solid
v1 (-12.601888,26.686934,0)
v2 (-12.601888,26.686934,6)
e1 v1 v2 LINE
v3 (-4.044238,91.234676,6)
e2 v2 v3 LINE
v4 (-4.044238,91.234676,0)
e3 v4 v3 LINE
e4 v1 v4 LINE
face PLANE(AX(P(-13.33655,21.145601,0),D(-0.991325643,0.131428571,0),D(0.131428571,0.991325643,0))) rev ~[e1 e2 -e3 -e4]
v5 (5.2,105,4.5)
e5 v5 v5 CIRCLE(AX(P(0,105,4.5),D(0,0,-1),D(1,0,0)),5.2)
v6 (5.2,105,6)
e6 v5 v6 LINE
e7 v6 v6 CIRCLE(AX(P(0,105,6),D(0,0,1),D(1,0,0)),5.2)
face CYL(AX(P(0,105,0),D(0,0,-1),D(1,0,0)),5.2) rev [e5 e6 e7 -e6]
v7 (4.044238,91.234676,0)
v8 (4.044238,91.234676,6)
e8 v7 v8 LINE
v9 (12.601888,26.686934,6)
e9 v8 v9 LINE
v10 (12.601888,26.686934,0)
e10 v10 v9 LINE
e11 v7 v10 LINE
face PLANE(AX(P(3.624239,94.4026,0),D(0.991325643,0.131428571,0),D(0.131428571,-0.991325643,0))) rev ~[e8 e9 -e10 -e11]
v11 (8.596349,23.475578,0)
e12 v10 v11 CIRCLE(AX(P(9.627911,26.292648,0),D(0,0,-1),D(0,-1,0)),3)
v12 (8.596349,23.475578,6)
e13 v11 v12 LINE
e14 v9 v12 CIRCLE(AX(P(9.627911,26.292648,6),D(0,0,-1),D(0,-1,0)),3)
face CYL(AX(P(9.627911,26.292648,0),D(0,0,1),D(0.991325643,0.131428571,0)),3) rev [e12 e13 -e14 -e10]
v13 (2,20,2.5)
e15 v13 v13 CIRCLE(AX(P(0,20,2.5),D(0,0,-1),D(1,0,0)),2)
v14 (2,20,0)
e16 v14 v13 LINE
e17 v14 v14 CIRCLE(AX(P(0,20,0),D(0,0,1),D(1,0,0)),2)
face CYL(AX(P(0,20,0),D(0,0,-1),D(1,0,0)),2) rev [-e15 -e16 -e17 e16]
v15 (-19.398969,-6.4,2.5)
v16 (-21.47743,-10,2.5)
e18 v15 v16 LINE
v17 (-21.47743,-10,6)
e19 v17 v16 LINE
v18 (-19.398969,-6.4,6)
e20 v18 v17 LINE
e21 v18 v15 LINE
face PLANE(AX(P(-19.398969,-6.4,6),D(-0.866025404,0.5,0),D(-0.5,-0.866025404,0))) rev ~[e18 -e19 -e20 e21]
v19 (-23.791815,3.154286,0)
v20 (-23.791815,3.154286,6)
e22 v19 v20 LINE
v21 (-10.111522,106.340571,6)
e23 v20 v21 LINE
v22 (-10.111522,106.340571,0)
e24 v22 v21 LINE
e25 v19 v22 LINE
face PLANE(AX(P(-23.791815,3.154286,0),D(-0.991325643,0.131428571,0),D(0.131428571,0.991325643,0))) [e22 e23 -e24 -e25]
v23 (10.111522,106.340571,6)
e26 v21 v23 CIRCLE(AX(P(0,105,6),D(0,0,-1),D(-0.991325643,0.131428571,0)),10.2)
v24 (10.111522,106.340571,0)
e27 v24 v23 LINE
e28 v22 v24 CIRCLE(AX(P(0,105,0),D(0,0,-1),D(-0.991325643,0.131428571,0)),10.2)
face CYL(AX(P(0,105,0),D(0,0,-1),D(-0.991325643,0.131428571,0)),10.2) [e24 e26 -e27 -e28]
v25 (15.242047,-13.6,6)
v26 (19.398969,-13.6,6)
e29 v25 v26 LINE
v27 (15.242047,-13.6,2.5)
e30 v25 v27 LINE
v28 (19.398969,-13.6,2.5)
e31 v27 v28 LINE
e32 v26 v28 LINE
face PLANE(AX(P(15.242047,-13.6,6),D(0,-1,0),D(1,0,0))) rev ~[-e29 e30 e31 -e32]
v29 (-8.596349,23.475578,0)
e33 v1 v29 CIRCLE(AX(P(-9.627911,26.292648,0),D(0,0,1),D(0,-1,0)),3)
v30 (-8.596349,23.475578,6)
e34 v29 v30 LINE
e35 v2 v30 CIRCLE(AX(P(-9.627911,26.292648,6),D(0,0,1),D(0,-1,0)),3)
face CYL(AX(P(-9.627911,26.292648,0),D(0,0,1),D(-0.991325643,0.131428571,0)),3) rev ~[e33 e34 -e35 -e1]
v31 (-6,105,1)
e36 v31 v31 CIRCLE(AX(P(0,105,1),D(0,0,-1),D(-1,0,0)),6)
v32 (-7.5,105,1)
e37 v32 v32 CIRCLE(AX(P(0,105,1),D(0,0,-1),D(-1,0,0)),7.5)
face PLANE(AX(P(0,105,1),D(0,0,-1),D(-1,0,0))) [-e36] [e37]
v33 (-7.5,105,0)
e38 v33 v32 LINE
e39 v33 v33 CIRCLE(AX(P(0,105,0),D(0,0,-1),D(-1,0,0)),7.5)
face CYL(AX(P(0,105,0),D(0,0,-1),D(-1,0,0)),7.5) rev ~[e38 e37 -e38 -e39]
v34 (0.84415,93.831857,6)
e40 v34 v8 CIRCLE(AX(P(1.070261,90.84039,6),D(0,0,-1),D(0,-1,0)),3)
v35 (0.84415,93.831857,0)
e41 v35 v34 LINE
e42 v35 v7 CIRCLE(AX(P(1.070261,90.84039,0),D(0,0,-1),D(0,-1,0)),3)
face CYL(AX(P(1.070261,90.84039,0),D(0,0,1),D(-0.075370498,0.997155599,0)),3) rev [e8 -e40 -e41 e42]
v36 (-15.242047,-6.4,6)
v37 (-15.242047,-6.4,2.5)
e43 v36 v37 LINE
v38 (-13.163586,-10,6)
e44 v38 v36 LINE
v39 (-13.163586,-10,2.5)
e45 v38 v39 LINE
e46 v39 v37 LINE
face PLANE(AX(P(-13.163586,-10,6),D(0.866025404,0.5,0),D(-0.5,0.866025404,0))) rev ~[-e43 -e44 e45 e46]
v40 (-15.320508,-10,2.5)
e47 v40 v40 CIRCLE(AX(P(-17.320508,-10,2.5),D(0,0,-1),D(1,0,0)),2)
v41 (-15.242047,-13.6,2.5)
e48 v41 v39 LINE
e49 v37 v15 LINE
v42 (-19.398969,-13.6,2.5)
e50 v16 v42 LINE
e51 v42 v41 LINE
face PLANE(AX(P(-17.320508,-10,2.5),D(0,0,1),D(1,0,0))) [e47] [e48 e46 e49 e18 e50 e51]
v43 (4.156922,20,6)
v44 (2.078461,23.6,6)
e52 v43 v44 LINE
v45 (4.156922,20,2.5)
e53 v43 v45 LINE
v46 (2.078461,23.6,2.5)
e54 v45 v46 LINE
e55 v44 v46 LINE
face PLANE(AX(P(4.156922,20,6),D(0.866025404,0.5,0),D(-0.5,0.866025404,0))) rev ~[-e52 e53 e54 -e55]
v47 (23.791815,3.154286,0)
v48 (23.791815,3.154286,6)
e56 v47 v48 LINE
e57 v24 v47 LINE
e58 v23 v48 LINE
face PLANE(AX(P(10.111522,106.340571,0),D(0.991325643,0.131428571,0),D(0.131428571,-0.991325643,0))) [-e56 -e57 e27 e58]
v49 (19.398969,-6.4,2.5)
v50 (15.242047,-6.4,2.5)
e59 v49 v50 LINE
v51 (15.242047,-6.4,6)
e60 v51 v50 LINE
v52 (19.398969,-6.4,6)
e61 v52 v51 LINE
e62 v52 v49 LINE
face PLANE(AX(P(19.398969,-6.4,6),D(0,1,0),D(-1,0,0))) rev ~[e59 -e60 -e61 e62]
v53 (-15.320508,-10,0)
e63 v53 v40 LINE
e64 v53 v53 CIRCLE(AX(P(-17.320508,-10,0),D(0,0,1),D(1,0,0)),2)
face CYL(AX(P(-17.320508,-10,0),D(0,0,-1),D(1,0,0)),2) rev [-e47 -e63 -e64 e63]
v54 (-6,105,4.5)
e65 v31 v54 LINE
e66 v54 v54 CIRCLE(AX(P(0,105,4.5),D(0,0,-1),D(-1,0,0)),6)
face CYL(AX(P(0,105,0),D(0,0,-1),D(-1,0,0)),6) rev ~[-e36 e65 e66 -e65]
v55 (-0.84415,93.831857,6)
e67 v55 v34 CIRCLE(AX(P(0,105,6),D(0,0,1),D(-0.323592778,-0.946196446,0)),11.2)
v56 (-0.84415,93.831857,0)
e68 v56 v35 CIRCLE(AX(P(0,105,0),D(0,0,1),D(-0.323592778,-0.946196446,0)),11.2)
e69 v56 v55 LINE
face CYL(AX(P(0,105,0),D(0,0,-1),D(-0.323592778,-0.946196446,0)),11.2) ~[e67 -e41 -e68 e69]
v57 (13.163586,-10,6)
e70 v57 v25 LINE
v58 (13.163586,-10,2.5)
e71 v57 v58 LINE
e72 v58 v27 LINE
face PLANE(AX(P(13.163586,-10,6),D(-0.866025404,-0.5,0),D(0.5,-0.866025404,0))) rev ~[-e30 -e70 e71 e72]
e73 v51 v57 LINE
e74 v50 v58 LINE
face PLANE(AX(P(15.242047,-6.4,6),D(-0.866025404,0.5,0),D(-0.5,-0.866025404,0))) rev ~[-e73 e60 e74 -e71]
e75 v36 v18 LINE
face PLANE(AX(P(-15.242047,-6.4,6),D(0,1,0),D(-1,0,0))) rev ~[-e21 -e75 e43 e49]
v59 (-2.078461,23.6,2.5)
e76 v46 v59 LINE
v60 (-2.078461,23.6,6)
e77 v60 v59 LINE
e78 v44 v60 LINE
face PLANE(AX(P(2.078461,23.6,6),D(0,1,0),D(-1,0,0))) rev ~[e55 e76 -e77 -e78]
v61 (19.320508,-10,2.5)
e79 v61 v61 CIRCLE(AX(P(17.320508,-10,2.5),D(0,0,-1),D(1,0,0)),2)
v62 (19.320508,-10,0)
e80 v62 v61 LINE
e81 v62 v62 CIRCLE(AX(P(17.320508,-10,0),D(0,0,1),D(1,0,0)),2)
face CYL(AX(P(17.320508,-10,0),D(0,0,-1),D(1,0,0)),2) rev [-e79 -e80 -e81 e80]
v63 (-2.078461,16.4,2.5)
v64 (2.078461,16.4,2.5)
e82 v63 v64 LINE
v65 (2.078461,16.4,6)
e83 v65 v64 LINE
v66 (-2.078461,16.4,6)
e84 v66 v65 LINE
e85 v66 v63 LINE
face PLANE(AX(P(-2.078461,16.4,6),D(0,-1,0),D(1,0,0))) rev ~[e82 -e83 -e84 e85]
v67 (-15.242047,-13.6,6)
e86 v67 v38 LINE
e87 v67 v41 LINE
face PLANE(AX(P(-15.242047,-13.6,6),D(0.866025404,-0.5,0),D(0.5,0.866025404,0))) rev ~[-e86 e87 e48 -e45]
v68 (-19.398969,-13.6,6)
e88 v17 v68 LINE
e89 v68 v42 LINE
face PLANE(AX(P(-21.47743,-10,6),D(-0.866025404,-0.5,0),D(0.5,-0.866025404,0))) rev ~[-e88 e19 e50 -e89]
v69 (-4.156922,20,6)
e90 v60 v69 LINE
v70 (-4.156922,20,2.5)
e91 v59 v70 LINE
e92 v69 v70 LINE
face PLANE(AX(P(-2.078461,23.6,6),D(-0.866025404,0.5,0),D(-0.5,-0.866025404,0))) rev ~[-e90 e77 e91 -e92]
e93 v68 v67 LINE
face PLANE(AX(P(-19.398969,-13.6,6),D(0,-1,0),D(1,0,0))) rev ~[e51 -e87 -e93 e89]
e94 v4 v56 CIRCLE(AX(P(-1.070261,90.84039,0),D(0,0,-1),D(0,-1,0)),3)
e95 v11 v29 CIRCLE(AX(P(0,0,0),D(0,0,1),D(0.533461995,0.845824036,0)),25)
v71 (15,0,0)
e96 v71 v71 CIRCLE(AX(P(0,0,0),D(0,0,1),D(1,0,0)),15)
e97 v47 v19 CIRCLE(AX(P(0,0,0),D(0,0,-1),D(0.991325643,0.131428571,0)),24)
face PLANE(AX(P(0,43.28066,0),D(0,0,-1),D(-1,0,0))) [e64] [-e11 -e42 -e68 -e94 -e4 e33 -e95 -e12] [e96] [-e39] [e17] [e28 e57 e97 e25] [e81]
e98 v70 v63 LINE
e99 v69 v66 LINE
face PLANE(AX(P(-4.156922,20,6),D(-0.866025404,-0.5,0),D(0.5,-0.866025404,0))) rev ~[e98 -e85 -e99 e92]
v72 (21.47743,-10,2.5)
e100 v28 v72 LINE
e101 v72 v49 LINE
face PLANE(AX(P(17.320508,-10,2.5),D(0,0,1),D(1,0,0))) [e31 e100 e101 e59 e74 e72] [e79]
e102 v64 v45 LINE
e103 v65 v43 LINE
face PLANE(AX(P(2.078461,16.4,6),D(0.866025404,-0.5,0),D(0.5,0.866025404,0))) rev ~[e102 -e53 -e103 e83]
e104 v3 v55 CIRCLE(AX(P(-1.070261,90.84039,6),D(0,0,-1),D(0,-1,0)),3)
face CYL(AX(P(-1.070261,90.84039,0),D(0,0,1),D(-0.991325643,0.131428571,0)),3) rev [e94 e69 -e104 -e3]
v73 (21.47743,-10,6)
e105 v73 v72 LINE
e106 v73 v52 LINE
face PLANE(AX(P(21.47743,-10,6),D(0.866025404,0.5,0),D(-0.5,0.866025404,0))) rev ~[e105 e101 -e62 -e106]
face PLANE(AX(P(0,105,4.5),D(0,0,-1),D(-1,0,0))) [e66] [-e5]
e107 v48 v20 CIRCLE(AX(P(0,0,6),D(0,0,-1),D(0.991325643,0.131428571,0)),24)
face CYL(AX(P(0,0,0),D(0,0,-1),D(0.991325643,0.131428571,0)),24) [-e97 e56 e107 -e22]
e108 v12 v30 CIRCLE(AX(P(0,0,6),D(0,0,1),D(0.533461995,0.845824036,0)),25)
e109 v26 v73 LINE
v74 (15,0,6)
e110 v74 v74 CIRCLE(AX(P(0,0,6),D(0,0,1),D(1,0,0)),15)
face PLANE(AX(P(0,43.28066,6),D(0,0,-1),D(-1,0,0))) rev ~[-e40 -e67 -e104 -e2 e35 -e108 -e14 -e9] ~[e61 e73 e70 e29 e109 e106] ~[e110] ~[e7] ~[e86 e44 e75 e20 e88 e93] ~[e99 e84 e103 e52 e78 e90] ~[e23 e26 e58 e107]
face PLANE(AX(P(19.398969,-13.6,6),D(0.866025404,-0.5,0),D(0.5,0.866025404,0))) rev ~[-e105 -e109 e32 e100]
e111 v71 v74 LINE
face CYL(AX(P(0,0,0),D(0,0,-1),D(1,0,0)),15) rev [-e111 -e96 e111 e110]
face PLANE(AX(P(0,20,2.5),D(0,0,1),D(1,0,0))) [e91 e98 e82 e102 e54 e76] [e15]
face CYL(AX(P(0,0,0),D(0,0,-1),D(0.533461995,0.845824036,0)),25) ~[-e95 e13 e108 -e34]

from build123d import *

# Parameters (mm, degrees)
SKETCH_1_R          = 15
SKETCH_1_R_2        = 2
SKETCH_1_R_3        = 5.2
EXTRUDE_1_DEPTH     = 6
FILLET_1_R          = 3
CUT_EXTRUDE_1_DEPTH = 3.5
SKETCH_3_R          = 6
CUT_EXTRUDE_2_DEPTH = 4.5
SKETCH_4_R          = 7.5
CUT_EXTRUDE_3_DEPTH = 1


with BuildPart() as part:
    # 草图1 → 凸台-拉伸1 (new body)
    with BuildSketch(Plane.XY):
        with BuildLine():
            Line((-23.791815434, 3.154285714), (-10.111521559, 106.340571429))
            ThreePointArc((-10.111521559, 106.340571429), (0, 115.2), (10.111521559, 106.340571429))
            Line((10.111521559, 106.340571429), (23.791815434, 3.154285714))
            ThreePointArc((23.791815434, 3.154285714), (0, -24), (-23.791815434, 3.154285714))
        make_face()
        Circle(SKETCH_1_R, mode=Mode.SUBTRACT)
        with Locations((0, 20)):
            Circle(SKETCH_1_R_2, mode=Mode.SUBTRACT)
        with Locations((0, 105)):
            Circle(SKETCH_1_R_3, mode=Mode.SUBTRACT)
        with Locations((17.320508076, -10)):
            Circle(SKETCH_1_R_2, mode=Mode.SUBTRACT)
        with Locations((-17.320508076, -10)):
            Circle(SKETCH_1_R_2, mode=Mode.SUBTRACT)
        with BuildLine():
            Line((-13.336549876, 21.1456009), (-3.624239112, 94.402599807))
            ThreePointArc((-3.624239112, 94.402599807), (0, 93.8), (3.624239112, 94.402599807))
            Line((3.624239112, 94.402599807), (13.336549876, 21.1456009))
            ThreePointArc((13.336549876, 21.1456009), (0, 25), (-13.336549876, 21.1456009))
        make_face(mode=Mode.SUBTRACT)
    extrude(amount=EXTRUDE_1_DEPTH)

    # 圆角1
    fillet_1_edges = [part.edges().sort_by_distance(p)[0] for p in [
        (-13.336549876, 21.1456009, 3),
        (13.336549876, 21.1456009, 3),
        (3.624239112, 94.402599807, 3),
        (-3.624239112, 94.402599807, 3),
    ]]
    fillet(fillet_1_edges, radius=FILLET_1_R)

    # 草图2 → 切除-拉伸1 (cut)
    with BuildSketch(Plane.XY.offset(6)):
        Polygon((2.078460969, 16.4), (4.156921938, 20), (2.078460969, 23.6), (-2.078460969, 23.6), (-4.156921938, 20), (-2.078460969, 16.4), align=None)
        Polygon((19.398969045, -13.6), (21.477430014, -10), (19.398969045, -6.4), (15.242047107, -6.4), (13.163586138, -10), (15.242047107, -13.6), align=None)
        Polygon((-15.242047107, -13.6), (-13.163586138, -10), (-15.242047107, -6.4), (-19.398969045, -6.4), (-21.477430014, -10), (-19.398969045, -13.6), align=None)
    extrude(amount=-CUT_EXTRUDE_1_DEPTH, mode=Mode.SUBTRACT)

    # 草图3 → 切除-拉伸2 (cut)
    with BuildSketch(Plane(origin=(0, 0, 0), x_dir=(-1, 0, 0), z_dir=(0, 0, -1))):
        with Locations((0, 105)):
            Circle(SKETCH_3_R)
    extrude(amount=-CUT_EXTRUDE_2_DEPTH, mode=Mode.SUBTRACT)

    # 草图4 → 切除-拉伸3 (cut)
    with BuildSketch(Plane(origin=(0, 0, 0), x_dir=(-1, 0, 0), z_dir=(0, 0, -1))):
        with Locations((0, 105)):
            Circle(SKETCH_4_R)
    extrude(amount=-CUT_EXTRUDE_3_DEPTH, mode=Mode.SUBTRACT)


solid = part.part
